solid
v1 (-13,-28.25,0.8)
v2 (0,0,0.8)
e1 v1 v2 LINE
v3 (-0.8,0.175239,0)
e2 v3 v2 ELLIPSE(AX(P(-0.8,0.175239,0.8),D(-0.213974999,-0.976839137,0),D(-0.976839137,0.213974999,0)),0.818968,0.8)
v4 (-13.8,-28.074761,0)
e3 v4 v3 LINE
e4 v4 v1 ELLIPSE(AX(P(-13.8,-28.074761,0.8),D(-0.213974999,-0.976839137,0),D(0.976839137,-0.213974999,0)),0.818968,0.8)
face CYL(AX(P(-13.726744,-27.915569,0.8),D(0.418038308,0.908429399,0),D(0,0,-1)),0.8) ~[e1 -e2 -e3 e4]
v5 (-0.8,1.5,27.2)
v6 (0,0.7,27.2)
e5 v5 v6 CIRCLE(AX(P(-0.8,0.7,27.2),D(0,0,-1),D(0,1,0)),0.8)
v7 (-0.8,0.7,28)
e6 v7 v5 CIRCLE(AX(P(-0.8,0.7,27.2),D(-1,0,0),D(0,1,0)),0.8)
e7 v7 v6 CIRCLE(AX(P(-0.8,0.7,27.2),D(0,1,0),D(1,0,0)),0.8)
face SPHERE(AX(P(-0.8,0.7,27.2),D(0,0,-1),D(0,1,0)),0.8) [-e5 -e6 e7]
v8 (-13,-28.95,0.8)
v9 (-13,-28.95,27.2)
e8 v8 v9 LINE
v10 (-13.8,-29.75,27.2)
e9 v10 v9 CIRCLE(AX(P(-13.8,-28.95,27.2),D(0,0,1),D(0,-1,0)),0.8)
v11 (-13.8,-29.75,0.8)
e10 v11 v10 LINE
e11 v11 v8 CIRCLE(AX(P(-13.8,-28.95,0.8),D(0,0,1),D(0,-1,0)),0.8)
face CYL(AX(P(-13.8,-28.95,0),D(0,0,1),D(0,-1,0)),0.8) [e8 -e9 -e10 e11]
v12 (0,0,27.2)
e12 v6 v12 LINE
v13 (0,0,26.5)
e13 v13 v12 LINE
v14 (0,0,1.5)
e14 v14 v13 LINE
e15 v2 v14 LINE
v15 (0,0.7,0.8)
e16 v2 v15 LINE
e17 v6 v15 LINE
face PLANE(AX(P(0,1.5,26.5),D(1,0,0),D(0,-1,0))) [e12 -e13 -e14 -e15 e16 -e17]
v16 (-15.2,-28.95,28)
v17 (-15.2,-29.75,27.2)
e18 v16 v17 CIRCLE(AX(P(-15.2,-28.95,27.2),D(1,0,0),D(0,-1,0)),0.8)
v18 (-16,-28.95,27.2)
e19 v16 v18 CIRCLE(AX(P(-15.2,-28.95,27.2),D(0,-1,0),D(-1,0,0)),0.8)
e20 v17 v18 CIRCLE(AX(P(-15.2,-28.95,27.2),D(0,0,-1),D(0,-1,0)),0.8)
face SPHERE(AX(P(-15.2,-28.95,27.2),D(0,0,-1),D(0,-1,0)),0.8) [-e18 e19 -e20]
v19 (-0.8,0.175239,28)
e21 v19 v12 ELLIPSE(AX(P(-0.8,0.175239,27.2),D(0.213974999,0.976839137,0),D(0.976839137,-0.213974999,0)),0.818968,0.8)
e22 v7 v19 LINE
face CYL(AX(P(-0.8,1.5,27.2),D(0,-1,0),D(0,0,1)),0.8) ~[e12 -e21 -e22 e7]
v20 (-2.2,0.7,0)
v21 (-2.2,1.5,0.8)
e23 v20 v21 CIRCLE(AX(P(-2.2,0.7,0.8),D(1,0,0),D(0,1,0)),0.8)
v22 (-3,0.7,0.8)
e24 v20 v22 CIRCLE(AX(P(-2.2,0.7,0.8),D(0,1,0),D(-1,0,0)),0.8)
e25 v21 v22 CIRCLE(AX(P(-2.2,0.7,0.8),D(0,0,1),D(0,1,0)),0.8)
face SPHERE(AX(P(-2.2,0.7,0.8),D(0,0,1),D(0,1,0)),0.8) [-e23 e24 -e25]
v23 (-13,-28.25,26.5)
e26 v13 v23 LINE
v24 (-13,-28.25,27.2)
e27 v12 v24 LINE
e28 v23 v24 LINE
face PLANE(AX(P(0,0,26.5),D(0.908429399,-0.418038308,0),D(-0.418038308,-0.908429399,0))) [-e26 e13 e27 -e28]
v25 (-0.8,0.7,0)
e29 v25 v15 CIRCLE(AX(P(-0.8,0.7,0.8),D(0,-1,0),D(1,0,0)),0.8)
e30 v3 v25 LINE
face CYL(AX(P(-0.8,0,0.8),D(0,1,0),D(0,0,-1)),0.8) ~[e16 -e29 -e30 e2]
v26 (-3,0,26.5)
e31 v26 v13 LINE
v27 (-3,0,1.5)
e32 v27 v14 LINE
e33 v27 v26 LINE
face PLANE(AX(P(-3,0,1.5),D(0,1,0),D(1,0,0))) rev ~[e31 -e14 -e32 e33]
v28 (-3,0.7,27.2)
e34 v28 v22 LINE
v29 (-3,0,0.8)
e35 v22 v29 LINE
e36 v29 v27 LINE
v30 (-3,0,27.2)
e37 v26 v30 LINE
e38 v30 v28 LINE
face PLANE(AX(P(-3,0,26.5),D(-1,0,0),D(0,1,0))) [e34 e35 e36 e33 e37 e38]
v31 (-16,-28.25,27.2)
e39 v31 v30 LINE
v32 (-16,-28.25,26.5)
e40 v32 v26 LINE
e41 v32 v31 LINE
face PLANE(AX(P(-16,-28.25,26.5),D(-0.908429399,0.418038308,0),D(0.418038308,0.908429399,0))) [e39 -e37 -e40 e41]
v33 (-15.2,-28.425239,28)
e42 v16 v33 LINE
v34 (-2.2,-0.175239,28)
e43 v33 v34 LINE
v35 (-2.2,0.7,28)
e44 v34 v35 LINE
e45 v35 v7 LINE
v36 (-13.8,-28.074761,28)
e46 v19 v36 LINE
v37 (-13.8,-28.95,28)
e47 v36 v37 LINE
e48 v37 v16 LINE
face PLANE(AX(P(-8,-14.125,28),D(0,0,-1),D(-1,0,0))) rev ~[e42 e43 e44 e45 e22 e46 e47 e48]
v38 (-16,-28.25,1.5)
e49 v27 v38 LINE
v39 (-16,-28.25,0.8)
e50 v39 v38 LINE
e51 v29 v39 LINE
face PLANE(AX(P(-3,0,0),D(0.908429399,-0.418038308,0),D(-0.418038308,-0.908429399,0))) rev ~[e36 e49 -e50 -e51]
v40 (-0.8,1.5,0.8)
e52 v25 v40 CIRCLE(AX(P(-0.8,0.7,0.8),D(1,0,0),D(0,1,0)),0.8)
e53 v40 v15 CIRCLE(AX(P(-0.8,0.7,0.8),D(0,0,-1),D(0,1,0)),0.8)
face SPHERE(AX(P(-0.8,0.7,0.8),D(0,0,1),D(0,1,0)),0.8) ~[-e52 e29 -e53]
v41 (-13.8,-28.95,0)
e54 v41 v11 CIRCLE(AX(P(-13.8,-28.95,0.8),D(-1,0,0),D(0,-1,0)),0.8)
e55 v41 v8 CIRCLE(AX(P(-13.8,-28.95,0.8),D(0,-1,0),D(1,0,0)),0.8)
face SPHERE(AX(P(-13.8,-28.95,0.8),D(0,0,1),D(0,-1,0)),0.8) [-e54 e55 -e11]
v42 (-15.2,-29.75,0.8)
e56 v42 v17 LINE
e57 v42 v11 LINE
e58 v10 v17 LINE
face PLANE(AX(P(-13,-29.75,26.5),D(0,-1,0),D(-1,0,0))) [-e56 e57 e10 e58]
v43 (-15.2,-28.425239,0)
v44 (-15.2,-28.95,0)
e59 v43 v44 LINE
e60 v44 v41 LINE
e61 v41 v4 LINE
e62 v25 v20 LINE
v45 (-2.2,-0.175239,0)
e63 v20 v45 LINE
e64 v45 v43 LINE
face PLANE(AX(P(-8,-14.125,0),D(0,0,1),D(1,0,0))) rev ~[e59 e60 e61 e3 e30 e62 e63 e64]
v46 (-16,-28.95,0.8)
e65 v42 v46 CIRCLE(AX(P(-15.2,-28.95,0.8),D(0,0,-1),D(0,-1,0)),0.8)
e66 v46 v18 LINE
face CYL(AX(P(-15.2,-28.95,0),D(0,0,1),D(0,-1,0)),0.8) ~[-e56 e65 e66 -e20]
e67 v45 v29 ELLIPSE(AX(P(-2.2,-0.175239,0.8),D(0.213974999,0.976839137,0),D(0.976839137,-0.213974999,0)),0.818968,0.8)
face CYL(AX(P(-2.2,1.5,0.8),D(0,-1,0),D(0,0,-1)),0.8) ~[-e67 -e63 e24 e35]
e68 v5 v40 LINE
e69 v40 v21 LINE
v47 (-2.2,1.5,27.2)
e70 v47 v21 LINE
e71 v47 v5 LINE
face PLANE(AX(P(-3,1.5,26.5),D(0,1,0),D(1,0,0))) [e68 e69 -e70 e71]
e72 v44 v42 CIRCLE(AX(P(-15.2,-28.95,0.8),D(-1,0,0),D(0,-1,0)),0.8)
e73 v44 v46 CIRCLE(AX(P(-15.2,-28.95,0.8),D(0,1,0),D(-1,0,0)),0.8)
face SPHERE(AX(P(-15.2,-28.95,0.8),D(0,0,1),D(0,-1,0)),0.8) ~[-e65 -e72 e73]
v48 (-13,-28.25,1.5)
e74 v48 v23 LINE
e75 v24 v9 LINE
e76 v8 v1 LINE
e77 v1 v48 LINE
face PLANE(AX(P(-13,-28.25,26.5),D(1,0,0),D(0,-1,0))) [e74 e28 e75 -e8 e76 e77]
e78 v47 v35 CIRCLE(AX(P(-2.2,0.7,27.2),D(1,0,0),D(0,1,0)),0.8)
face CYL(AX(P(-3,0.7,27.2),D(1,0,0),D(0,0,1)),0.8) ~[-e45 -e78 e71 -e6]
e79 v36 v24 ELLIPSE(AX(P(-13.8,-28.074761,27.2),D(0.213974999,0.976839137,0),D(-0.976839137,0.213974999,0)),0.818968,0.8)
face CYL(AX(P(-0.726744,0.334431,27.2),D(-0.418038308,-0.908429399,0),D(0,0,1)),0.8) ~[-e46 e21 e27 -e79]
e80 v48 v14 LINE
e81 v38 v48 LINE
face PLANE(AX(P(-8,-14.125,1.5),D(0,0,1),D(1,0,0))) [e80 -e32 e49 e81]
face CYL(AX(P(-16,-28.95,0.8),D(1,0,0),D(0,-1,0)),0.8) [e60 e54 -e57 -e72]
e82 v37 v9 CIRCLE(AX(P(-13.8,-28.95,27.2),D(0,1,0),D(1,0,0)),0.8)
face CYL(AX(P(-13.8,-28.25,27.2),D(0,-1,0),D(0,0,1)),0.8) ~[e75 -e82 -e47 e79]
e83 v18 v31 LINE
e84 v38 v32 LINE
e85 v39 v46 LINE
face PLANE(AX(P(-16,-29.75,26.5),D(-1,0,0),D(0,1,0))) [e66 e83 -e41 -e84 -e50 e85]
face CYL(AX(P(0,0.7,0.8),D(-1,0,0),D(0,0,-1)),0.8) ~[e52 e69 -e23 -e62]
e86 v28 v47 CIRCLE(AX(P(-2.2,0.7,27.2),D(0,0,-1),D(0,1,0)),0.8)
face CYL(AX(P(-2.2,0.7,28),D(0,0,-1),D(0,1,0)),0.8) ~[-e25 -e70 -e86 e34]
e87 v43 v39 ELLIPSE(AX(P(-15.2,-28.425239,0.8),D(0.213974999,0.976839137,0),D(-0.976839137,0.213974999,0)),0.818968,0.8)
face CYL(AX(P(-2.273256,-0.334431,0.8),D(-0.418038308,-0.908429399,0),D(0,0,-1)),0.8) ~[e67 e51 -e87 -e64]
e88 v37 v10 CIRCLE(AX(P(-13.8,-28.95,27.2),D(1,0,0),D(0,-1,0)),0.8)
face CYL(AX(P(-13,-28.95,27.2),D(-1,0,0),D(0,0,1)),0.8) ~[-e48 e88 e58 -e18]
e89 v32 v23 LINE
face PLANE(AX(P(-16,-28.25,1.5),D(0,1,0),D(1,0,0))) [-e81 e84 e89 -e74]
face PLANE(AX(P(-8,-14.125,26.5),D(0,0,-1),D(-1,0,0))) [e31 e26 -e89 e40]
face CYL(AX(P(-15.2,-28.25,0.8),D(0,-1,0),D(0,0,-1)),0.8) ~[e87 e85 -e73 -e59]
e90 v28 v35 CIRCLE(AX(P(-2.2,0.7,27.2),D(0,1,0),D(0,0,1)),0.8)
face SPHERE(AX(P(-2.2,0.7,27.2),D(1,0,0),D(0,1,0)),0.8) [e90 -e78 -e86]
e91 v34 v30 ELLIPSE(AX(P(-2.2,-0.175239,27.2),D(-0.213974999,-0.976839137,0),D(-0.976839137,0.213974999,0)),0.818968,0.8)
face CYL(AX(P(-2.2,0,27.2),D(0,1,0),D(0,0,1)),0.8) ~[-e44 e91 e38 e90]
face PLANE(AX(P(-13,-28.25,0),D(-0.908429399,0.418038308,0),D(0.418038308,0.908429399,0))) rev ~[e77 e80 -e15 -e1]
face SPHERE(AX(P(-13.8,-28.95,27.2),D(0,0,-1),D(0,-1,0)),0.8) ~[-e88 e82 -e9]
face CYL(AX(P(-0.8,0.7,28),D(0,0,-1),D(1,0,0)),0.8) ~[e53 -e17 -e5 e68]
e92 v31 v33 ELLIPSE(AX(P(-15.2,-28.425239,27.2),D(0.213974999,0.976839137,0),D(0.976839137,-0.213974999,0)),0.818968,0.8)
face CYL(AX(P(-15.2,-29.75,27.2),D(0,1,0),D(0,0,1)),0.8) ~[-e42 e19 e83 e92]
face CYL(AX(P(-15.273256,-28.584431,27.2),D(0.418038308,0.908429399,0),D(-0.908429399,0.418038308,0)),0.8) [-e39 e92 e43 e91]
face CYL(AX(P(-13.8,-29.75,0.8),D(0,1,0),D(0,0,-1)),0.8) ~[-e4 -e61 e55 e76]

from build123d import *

# Parameters (mm, degrees)
PAD_DEPTH    = 1.5
SKETCH001_W  = 3
SKETCH001_H  = 1.5
PAD001_DEPTH = 25
PAD002_DEPTH = 1.5
FILLET_R     = 0.8


with BuildPart() as part:
    # Sketch → Pad (new body)
    with BuildSketch(Plane.XY):
        Polygon((0, 0), (0, 1.5), (-3, 1.5), (-3, 0), (-16, -28.25), (-16, -29.75), (-13, -29.75), (-13, -28.25), align=None)
    extrude(amount=PAD_DEPTH)

    # Sketch001 (on Face10 of Pad) → Pad001 (join)
    with BuildSketch(Plane.XY.offset(1.5)):
        with Locations((-1.5, 0.75)):
            Rectangle(SKETCH001_W, SKETCH001_H)
        with Locations((-14.5, -29)):
            Rectangle(SKETCH001_W, SKETCH001_H)
    extrude(amount=PAD001_DEPTH)

    # Sketch002 (on Face16 of Pad001) → Pad002 (join)
    with BuildSketch(Plane.XY.offset(26.5)):
        Polygon((-16, -28.25), (-3, 0), (-3, 1.5), (0, 1.5), (0, 0), (-13, -28.25), (-13, -29.75), (-16, -29.75), align=None)
    extrude(amount=PAD002_DEPTH)

    # Fillet
    fillet_edges = [part.edges().sort_by_distance(p)[0] for p in [
        (-16, -29.75, 14),
        (-13, -29.75, 14),
        (-14.5, -29.75, 0),
        (-14.5, -29.75, 28),
        (0, 1.5, 14),
        (-1.5, 1.5, 28),
        (-3, 1.5, 14),
        (-1.5, 1.5, 0),
        (0, 0.75, 0),
        (-6.5, -14.125, 0),
        (-13, -29, 0),
        (-3, 0.75, 0),
        (-9.5, -14.125, 0),
        (-16, -29, 0),
        (0, 0.75, 28),
        (-6.5, -14.125, 28),
        (-13, -29, 28),
        (-3, 0.75, 28),
        (-9.5, -14.125, 28),
        (-16, -29, 28),
    ]]
    fillet(fillet_edges, radius=FILLET_R)


solid = part.part
